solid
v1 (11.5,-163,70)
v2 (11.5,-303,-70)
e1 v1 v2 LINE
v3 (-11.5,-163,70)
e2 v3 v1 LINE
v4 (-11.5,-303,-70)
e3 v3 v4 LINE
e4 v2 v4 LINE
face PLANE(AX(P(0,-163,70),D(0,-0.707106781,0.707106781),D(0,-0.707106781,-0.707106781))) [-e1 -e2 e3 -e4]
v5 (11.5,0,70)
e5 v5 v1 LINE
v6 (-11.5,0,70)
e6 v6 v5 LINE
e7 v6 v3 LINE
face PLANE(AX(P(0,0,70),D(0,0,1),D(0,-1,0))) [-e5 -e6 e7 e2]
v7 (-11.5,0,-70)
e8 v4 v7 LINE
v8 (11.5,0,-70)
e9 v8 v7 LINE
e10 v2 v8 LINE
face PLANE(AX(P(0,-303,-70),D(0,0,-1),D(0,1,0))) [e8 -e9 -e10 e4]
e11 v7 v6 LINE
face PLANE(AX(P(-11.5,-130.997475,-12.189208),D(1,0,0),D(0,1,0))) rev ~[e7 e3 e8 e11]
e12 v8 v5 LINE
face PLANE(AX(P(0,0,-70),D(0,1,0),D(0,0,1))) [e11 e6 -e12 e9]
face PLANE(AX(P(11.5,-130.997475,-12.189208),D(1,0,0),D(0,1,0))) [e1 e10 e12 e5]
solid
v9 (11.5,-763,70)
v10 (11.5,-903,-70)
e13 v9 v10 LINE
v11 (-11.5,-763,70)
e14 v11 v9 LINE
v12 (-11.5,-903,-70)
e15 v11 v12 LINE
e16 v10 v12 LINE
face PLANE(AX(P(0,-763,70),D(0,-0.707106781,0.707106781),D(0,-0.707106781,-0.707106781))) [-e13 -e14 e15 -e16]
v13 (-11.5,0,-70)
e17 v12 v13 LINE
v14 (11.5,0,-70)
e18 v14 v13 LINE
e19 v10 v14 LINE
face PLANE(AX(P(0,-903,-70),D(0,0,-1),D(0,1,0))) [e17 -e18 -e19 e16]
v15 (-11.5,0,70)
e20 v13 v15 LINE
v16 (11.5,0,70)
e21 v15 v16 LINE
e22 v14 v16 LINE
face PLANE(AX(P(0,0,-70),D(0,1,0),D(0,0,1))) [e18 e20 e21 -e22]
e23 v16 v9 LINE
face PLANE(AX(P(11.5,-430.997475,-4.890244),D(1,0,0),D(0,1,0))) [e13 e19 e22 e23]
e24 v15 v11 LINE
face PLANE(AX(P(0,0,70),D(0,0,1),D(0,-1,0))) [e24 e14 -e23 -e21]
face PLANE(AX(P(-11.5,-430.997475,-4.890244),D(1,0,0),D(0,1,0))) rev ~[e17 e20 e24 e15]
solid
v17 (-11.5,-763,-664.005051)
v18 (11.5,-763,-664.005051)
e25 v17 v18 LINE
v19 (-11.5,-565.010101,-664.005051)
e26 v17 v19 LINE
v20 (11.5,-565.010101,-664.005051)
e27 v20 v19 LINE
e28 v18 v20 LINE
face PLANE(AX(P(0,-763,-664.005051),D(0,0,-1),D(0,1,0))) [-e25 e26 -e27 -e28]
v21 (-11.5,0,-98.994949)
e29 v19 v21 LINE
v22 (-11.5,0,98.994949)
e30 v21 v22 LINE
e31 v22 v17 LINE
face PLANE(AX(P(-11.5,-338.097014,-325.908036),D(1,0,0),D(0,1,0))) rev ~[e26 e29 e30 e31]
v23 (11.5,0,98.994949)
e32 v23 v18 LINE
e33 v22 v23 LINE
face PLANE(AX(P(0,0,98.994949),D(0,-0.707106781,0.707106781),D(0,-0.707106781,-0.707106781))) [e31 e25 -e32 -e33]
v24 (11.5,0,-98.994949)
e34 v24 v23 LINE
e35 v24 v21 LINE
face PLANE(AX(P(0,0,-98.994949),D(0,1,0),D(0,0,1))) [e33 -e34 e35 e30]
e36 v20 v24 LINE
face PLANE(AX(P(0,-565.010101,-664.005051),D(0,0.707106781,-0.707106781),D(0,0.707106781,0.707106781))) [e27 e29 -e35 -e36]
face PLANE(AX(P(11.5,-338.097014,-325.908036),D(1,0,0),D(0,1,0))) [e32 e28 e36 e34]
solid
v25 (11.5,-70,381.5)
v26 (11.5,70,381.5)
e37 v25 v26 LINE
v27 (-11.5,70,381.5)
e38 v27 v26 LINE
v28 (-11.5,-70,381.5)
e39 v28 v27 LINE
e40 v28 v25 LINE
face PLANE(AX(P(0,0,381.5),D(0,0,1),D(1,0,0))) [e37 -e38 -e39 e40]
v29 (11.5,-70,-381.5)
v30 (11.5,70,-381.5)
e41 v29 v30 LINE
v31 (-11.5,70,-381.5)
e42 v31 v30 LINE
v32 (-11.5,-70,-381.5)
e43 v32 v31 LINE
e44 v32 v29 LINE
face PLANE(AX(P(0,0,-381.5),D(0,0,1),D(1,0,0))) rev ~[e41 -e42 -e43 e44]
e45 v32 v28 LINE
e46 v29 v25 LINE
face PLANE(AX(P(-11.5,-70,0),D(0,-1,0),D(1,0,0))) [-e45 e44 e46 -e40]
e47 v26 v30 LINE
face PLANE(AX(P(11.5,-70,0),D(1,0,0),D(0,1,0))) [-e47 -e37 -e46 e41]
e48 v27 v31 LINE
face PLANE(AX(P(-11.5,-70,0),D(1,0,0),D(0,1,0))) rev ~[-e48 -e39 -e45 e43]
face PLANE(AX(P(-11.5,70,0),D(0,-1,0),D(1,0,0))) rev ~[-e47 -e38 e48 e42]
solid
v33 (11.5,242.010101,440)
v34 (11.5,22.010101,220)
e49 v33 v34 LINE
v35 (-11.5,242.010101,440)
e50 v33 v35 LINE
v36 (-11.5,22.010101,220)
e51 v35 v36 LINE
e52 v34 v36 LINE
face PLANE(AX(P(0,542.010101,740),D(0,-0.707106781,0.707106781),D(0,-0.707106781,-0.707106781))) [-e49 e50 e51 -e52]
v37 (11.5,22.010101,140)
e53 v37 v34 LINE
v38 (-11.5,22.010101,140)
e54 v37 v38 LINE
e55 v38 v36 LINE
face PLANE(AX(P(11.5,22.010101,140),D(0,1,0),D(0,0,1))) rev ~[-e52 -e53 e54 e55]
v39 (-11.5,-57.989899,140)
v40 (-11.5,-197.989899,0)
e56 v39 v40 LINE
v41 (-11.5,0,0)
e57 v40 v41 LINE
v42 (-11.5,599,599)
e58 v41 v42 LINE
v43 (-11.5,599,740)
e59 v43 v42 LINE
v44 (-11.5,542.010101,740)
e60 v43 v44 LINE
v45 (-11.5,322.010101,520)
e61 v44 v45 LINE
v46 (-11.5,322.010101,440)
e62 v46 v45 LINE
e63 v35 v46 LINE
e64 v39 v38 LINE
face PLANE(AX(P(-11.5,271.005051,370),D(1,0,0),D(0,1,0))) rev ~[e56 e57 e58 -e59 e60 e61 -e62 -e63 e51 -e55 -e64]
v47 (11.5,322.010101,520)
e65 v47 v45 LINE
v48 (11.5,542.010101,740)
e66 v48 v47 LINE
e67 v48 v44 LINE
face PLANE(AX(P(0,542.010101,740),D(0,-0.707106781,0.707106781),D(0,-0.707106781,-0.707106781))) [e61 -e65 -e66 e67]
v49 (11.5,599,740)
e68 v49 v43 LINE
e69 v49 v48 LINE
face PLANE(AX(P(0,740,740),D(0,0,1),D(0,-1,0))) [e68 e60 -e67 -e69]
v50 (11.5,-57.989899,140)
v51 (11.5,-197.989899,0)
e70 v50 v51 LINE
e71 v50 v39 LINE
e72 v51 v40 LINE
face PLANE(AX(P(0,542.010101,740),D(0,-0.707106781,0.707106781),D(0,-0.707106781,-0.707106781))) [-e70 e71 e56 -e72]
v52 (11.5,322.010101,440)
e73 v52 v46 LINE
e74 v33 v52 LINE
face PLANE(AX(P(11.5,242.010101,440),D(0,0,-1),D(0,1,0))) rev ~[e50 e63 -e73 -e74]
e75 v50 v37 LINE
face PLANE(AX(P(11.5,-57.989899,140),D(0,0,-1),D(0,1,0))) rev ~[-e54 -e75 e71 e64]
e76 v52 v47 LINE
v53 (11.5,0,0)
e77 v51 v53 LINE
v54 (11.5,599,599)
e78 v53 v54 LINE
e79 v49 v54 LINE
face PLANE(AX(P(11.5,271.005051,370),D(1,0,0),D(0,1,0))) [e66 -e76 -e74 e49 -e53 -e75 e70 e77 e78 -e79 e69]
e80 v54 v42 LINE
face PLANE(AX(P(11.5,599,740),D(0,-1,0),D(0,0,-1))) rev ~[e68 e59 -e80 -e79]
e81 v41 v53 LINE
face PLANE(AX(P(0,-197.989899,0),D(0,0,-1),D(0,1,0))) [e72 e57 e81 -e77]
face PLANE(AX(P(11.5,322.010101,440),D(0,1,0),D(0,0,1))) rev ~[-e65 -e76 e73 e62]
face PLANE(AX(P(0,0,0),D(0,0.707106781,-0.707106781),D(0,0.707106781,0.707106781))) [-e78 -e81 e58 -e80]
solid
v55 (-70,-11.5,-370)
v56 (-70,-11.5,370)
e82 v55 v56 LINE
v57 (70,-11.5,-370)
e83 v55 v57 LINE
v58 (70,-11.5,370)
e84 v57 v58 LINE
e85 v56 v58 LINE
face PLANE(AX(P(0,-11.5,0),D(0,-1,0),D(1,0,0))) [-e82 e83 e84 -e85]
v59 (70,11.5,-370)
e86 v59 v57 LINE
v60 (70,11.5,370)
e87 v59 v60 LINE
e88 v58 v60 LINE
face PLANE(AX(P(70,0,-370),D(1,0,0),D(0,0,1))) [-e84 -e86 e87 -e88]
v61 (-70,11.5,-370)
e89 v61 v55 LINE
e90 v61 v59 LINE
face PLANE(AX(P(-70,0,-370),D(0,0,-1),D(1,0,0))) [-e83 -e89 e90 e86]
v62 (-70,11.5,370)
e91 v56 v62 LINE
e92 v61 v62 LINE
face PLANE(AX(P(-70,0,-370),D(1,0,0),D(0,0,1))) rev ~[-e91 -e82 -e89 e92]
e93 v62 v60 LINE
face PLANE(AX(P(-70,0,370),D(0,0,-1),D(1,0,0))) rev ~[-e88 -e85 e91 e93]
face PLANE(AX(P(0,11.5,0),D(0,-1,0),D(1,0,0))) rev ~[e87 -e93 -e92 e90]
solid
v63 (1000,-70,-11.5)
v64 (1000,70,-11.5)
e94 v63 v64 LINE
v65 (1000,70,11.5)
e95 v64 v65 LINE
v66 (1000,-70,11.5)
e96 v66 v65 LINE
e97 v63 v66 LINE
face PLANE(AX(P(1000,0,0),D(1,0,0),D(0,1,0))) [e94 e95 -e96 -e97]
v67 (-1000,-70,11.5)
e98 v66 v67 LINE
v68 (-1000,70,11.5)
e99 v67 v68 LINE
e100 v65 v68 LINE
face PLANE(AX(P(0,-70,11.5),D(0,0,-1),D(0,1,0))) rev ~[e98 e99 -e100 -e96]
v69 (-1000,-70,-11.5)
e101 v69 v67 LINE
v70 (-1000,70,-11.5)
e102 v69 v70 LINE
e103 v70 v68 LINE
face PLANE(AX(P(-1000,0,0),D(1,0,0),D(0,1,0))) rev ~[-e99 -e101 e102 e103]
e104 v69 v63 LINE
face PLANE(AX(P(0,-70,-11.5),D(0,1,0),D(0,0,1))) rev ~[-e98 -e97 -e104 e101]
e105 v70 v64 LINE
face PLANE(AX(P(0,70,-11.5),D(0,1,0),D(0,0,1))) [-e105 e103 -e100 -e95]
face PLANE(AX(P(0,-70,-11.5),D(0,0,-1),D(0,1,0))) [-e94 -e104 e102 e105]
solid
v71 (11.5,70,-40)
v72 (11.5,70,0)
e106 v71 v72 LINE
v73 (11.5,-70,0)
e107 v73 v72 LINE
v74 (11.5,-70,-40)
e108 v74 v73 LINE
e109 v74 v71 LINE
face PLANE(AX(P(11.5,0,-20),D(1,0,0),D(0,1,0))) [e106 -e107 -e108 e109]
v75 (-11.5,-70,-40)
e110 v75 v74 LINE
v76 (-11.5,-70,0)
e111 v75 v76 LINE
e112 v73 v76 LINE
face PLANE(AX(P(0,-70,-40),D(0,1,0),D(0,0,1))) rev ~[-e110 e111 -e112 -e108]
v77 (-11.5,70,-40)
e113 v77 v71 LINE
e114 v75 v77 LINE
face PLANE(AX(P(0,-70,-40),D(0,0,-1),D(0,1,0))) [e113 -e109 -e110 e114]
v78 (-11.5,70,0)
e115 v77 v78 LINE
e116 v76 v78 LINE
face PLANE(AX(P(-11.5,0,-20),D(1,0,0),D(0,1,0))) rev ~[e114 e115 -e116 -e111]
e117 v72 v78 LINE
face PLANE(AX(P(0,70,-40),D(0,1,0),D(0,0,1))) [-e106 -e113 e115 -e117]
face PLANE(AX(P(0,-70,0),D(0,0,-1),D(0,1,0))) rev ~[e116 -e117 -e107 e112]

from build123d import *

# Parameters (mm, degrees)
F0_W      = 140
F0_H      = 23
F1_DEPTH  = 1000
F2_W      = 23
F2_H      = 140
F3_DEPTH  = 381.5
F5_DEPTH  = 11.5
F7_DEPTH  = 11.5
F9_DEPTH  = 11.5
F10_W     = 140
F10_H     = 740
F11_DEPTH = 11.5
F13_DEPTH = 11.5
F15_DEPTH = 23
F17_DEPTH = 23
F19_DEPTH = 23
F20_W     = 140
F20_H     = 40
F21_DEPTH = 11.5


with BuildPart() as f1:
    # F0 (on Right) → F1 (new body, symmetric)
    with BuildSketch(Plane.YZ):
        Rectangle(F0_W, F0_H)
    extrude(amount=F1_DEPTH, both=True)


with BuildPart() as f3:
    # F2 (on Top) → F3 (new body, symmetric)
    with BuildSketch(Plane.XY):
        Rectangle(F2_W, F2_H)
    extrude(amount=F3_DEPTH, both=True)


with BuildPart() as f5:
    # F4 (on Right) → F5 (new body, symmetric)
    with BuildSketch(Plane.YZ):
        Polygon((0, -98.9949493661), (0, 98.9949493661), (-763, -664.0050506339), (-565.0101012678, -664.0050506339), align=None)
    extrude(amount=F5_DEPTH, both=True)


with BuildPart() as f7:
    # F6 (on Right) → F7 (new body, symmetric)
    with BuildSketch(Plane.YZ):
        Polygon((0, -70), (0, 70), (-163, 70), (-303, -70), align=None)
    extrude(amount=F7_DEPTH, both=True)


with BuildPart() as f9:
    # F8 (on Right) → F9 (new body, symmetric)
    with BuildSketch(Plane.YZ):
        Polygon((0, -70), (0, 70), (-763, 70), (-903, -70), align=None)
    extrude(amount=F9_DEPTH, both=True)


with BuildPart() as f11:
    # F10 (on Front) → F11 (new body, symmetric)
    with BuildSketch(Plane.XZ):
        Rectangle(F10_W, F10_H)
    extrude(amount=F11_DEPTH, both=True)


with BuildPart() as f13:
    # F12 (on Right) → F13 (new body, symmetric)
    with BuildSketch(Plane.YZ):
        Polygon((-197.9898987322, 0), (0, 0), (740, 740), (542.0101012678, 740), align=None)
    extrude(amount=F13_DEPTH, both=True)

    # F14 (on face) → F15 (cut, through all)
    with BuildSketch(Plane.YZ.offset(11.5)):
        Polygon((22.0101012678, 220), (-57.9898987322, 140), (22.0101012678, 140), align=None)
    extrude(amount=-F15_DEPTH, mode=Mode.SUBTRACT)

    # F16 (on face) → F17 (cut, through all)
    with BuildSketch(Plane.YZ.offset(11.5)):
        Polygon((322.0101012678, 520), (242.0101012678, 440), (322.0101012678, 440), align=None)
    extrude(amount=-F17_DEPTH, mode=Mode.SUBTRACT)

    # F18 (on face) → F19 (cut, through all)
    with BuildSketch(Plane.YZ.offset(11.5)):
        Polygon((740, 740), (599, 740), (599, 599), align=None)
    extrude(amount=-F19_DEPTH, mode=Mode.SUBTRACT)


with BuildPart() as f21:
    # F20 (on Right) → F21 (new body, symmetric)
    with BuildSketch(Plane.YZ):
        with Locations((0, -20)):
            Rectangle(F20_W, F20_H)
    extrude(amount=F21_DEPTH, both=True)


solid = Compound([f1.part, f3.part, f5.part, f7.part, f9.part, f11.part, f13.part, f21.part])
